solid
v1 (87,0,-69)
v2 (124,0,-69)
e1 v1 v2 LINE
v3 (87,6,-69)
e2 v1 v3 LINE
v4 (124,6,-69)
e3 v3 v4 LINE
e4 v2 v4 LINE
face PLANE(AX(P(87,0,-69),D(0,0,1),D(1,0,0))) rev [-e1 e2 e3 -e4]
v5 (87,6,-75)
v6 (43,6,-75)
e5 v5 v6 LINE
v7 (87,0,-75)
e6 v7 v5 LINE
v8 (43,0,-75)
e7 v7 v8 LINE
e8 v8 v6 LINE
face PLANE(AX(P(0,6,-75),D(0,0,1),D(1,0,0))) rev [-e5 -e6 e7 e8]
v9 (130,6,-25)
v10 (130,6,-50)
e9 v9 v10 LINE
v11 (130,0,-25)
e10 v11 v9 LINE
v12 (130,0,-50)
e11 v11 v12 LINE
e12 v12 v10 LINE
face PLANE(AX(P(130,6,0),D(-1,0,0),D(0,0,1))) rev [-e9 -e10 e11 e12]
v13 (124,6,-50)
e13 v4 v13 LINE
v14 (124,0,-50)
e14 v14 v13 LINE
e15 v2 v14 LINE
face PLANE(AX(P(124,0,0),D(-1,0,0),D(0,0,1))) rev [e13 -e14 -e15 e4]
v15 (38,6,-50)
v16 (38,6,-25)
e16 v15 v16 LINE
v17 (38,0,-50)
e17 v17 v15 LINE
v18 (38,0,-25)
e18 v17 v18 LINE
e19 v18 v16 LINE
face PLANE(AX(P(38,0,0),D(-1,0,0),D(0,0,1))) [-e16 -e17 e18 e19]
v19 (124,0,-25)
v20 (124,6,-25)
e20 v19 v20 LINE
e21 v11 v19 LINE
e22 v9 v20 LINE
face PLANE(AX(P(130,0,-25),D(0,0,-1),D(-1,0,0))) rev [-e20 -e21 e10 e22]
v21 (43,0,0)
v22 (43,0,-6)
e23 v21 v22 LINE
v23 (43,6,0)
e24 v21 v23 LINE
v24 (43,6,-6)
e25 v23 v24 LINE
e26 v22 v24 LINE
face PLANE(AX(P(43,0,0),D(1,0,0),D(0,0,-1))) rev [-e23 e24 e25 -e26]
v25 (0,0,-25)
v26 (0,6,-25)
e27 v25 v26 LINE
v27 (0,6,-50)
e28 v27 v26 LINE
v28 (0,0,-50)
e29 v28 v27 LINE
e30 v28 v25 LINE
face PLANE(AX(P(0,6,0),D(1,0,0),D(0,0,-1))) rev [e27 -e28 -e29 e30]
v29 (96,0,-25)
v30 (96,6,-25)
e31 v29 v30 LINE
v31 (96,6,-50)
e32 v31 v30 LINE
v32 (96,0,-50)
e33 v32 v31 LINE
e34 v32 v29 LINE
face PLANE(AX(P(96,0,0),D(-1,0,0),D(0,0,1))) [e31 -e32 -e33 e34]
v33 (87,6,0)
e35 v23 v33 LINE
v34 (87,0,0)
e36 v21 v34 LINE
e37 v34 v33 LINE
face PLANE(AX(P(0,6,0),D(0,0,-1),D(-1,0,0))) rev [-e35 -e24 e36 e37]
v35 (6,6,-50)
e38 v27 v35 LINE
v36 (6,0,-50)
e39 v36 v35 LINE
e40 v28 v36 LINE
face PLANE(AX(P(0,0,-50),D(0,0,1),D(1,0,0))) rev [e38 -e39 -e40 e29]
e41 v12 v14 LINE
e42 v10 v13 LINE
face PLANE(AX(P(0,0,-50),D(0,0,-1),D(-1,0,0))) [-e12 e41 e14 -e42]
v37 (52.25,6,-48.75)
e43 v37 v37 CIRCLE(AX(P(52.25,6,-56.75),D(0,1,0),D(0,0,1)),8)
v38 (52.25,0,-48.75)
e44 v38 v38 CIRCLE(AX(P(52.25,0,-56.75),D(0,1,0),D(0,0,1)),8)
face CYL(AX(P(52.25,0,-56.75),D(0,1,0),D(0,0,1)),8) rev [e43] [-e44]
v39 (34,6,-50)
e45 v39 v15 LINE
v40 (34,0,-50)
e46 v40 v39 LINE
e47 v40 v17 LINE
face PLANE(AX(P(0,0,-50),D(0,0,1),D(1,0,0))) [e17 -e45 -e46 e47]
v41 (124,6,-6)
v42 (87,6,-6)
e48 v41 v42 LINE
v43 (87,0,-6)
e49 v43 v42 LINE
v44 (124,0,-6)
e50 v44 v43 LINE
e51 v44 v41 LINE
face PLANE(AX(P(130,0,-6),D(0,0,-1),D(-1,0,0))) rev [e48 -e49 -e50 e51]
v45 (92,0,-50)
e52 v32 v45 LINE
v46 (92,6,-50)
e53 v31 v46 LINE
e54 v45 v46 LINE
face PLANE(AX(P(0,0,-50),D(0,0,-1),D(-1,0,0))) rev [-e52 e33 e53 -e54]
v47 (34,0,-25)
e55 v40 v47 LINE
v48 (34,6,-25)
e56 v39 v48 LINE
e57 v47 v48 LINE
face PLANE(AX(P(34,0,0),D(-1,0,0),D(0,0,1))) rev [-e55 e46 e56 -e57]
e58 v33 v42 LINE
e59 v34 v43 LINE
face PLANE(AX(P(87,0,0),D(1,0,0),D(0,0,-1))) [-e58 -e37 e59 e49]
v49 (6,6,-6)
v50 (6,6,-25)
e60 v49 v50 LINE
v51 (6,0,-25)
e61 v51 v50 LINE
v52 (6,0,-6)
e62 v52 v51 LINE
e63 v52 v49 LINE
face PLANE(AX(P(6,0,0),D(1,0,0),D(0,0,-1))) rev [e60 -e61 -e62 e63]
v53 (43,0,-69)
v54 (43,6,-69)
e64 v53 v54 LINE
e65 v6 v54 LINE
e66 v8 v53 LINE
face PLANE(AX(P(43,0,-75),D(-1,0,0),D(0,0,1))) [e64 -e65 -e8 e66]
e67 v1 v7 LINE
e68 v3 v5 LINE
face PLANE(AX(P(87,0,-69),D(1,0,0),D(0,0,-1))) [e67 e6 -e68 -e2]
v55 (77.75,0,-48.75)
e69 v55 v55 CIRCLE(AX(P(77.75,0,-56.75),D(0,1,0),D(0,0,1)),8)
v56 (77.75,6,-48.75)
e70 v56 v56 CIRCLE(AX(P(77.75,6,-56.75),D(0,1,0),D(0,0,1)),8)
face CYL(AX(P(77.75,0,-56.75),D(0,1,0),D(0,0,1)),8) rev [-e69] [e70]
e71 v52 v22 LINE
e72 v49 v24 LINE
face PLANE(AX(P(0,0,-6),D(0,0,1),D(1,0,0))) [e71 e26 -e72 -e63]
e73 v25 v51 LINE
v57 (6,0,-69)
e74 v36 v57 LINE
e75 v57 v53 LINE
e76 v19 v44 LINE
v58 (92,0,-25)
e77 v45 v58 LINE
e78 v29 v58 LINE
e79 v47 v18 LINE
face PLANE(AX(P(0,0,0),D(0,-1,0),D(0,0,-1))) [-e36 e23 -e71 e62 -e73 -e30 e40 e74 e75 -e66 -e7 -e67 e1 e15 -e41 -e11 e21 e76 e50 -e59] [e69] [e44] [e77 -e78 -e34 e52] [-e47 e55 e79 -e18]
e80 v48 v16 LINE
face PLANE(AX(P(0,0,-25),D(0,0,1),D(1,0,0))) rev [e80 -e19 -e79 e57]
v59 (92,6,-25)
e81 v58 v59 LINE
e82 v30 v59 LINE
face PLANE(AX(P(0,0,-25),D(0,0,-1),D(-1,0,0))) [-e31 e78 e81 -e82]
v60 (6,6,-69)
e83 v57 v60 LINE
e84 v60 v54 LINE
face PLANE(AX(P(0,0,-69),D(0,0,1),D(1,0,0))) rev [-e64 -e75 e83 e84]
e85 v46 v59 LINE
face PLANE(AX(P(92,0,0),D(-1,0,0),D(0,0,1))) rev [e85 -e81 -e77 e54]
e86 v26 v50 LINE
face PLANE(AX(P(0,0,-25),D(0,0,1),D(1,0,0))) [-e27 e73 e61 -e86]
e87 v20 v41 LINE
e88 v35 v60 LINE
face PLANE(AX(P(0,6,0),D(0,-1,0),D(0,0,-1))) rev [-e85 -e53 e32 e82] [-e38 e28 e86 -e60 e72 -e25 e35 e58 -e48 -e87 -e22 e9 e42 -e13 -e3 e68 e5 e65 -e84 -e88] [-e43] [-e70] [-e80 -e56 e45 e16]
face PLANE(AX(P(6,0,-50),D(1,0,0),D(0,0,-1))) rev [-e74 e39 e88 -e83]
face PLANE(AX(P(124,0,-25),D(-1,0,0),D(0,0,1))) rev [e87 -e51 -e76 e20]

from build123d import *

# Parameters (mm, degrees)
SKETCH1_W           = 130
SKETCH1_H           = 75
BOSS_EXTRUDE1_DEPTH = 6
SKETCH2_R           = 8
CUT_EXTRUDE1_DEPTH  = 6
SKETCH3_W           = 4
SKETCH3_H           = 25
CUT_EXTRUDE2_DEPTH  = 151.203195705


with BuildPart() as part:
    # Sketch1 → Boss-Extrude1 (new body)
    with BuildSketch(Plane(origin=(0, 0, 0), x_dir=(1, 0, 0), z_dir=(0, 1, 0))):
        with Locations((65, 37.5)):
            Rectangle(SKETCH1_W, SKETCH1_H)
    extrude(amount=BOSS_EXTRUDE1_DEPTH)

    # Sketch2 → Cut-Extrude1 (cut)
    with BuildSketch(Plane(origin=(0, 6, 0), x_dir=(1, 0, 0), z_dir=(0, 1, 0))):
        with Locations(Location((52.25, 56.75, 0), (0, 0, 270))):
            Circle(SKETCH2_R)
        with Locations(Location((77.75, 56.75, 0), (0, 0, 270))):
            Circle(SKETCH2_R)
    extrude(amount=-CUT_EXTRUDE1_DEPTH, mode=Mode.SUBTRACT)

    # Sketch3 → Cut-Extrude2 (cut, through all)
    with BuildSketch(Plane(origin=(0, 6, 0), x_dir=(1, 0, 0), z_dir=(0, 1, 0))):
        Polygon((0, 0), (43, 0), (43, 6), (6, 6), (6, 25), (0, 25), align=None)
        Polygon((0, 50), (6, 50), (6, 69), (43, 69), (43, 75), (0, 75), align=None)
        with Locations((36, 37.5)):
            Rectangle(SKETCH3_W, SKETCH3_H)
        Polygon((87, 6), (87, 0), (130, 0), (130, 25), (124, 25), (124, 6), align=None)
        with Locations((94, 37.5)):
            Rectangle(SKETCH3_W, SKETCH3_H)
        Polygon((87, 75), (87, 69), (124, 69), (124, 50), (130, 50), (130, 75), align=None)
    extrude(amount=-CUT_EXTRUDE2_DEPTH, mode=Mode.SUBTRACT)


solid = part.part
